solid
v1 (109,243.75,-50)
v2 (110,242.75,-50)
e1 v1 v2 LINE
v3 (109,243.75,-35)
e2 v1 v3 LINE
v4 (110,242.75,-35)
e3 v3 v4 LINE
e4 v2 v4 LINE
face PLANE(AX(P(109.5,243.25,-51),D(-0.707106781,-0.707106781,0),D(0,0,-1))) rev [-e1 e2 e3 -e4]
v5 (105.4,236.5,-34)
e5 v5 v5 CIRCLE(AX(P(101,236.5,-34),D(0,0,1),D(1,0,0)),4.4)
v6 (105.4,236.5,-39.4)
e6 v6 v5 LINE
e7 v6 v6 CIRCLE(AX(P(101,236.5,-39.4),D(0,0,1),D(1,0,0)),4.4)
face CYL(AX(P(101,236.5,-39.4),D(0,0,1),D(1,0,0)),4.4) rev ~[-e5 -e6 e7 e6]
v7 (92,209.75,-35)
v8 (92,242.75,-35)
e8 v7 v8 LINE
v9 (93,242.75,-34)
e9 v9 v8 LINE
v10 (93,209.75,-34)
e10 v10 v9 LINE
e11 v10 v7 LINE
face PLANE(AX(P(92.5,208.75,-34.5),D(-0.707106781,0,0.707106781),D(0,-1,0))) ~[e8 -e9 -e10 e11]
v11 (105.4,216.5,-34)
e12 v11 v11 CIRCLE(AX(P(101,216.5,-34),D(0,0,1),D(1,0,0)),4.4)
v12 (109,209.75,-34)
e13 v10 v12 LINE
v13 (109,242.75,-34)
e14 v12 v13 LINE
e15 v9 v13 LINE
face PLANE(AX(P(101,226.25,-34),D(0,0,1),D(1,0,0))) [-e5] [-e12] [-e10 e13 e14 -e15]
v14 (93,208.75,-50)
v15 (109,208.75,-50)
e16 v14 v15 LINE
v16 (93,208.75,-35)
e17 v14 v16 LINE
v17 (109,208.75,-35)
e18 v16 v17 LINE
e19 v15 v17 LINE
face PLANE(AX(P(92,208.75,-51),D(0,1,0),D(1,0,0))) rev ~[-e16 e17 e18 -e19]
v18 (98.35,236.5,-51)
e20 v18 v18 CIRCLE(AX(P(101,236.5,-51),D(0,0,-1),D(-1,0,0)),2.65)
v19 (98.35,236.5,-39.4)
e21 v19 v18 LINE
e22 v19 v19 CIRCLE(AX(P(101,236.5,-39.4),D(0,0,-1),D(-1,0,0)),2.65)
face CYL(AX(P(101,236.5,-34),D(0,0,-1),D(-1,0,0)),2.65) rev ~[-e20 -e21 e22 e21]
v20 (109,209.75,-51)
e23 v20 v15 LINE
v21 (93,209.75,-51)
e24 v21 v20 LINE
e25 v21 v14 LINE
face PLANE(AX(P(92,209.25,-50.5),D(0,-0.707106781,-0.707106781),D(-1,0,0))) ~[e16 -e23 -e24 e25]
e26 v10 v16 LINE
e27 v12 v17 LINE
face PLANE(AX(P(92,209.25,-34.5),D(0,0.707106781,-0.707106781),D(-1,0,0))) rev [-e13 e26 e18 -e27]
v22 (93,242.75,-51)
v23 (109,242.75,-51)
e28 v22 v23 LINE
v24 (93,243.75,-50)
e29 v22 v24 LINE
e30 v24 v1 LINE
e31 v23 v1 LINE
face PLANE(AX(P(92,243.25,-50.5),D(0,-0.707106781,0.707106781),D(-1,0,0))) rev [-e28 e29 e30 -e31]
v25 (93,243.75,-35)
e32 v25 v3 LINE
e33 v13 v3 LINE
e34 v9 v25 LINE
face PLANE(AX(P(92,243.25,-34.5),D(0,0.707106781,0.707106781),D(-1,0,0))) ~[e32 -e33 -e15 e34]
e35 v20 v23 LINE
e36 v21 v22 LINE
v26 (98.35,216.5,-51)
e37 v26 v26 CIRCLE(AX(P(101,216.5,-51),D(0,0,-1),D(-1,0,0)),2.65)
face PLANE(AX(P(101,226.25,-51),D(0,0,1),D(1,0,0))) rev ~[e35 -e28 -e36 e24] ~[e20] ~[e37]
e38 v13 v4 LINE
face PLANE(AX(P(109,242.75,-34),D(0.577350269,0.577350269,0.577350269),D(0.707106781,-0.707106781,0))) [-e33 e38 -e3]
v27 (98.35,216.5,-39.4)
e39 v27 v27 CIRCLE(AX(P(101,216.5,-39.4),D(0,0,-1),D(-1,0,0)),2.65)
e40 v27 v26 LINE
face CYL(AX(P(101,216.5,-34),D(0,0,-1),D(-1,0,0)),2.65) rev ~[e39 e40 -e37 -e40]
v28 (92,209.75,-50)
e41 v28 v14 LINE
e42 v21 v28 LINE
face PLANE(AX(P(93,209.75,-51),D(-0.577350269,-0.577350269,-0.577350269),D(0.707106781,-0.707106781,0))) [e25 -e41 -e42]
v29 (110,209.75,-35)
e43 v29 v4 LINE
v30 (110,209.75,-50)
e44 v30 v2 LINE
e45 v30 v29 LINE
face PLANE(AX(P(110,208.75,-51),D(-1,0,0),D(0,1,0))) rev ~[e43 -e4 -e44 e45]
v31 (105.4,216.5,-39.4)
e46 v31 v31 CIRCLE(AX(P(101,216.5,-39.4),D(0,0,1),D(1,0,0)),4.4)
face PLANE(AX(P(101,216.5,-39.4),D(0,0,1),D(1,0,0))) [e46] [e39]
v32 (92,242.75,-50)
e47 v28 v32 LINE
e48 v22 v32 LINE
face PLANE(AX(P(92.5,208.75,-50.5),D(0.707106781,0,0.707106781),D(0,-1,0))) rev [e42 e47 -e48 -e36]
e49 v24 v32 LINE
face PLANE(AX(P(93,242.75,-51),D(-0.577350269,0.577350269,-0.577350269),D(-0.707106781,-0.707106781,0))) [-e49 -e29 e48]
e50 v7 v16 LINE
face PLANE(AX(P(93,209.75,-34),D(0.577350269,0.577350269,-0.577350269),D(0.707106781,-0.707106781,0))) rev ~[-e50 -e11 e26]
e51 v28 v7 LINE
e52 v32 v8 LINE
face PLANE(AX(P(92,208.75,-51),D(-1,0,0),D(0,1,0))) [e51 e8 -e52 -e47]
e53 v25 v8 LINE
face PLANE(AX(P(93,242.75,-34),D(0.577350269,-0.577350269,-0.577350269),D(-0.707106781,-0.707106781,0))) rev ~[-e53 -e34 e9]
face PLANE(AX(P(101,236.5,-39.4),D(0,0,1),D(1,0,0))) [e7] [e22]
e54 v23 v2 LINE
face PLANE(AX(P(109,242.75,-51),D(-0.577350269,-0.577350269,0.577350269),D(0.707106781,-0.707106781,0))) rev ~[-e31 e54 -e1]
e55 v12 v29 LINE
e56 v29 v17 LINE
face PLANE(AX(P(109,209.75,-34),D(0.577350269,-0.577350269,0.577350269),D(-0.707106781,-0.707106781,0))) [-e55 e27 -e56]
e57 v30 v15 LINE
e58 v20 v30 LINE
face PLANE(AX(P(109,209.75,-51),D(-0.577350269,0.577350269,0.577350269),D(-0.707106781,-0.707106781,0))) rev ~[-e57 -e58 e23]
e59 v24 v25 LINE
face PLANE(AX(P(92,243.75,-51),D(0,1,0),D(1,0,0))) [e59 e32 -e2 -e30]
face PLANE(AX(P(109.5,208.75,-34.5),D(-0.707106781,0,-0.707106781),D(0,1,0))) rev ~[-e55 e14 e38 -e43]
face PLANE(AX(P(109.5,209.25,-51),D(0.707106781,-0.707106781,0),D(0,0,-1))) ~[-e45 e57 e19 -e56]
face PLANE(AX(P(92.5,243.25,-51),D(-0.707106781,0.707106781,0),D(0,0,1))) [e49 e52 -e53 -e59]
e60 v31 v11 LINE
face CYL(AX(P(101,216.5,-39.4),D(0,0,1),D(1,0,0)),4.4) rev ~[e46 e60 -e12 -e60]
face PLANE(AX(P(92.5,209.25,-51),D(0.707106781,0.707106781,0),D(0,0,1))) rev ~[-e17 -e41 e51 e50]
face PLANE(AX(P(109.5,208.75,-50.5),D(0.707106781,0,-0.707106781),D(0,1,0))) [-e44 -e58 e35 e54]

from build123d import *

# Parameters (mm, degrees)
SKETCH076_W         = 18
SKETCH076_H         = 35
PAD038_DEPTH        = 17
HOLE008_D           = 5.3
HOLE008_DEPTH       = 25
HOLE008_CBORE_D     = 8.8
HOLE008_CBORE_DEPTH = 5.4
CHAMFER021_SIZE     = 1


with BuildPart() as part:
    # Sketch076 → Pad038 (new body)
    with BuildSketch(Plane.XY.offset(-51)):
        with Locations((101, 222.5)):
            Rectangle(SKETCH076_W, SKETCH076_H)
    extrude(amount=PAD038_DEPTH)

    # Hole008
    with Locations(Plane.XY.offset(-34)):
        with Locations((101, 232.75), (101, 212.75)):
            CounterBoreHole(HOLE008_D / 2, HOLE008_CBORE_D / 2, HOLE008_CBORE_DEPTH, depth=HOLE008_DEPTH)

    # Chamfer021
    chamfer021_edges = [part.edges().sort_by_distance(p)[0] for p in [
        (92, 240, -42.5),
        (110, 240, -42.5),
        (101, 240, -51),
        (101, 240, -34),
        (110, 205, -42.5),
        (110, 222.5, -51),
        (110, 222.5, -34),
        (92, 205, -42.5),
        (92, 222.5, -51),
        (92, 222.5, -34),
        (101, 205, -51),
        (101, 205, -34),
    ]]
    chamfer(chamfer021_edges, length=CHAMFER021_SIZE)


with BuildPart() as part_1:
    # Body001010 placement: moved
    add(part.part.moved(Location((0, 3.75, 0))))


solid = part_1.part
